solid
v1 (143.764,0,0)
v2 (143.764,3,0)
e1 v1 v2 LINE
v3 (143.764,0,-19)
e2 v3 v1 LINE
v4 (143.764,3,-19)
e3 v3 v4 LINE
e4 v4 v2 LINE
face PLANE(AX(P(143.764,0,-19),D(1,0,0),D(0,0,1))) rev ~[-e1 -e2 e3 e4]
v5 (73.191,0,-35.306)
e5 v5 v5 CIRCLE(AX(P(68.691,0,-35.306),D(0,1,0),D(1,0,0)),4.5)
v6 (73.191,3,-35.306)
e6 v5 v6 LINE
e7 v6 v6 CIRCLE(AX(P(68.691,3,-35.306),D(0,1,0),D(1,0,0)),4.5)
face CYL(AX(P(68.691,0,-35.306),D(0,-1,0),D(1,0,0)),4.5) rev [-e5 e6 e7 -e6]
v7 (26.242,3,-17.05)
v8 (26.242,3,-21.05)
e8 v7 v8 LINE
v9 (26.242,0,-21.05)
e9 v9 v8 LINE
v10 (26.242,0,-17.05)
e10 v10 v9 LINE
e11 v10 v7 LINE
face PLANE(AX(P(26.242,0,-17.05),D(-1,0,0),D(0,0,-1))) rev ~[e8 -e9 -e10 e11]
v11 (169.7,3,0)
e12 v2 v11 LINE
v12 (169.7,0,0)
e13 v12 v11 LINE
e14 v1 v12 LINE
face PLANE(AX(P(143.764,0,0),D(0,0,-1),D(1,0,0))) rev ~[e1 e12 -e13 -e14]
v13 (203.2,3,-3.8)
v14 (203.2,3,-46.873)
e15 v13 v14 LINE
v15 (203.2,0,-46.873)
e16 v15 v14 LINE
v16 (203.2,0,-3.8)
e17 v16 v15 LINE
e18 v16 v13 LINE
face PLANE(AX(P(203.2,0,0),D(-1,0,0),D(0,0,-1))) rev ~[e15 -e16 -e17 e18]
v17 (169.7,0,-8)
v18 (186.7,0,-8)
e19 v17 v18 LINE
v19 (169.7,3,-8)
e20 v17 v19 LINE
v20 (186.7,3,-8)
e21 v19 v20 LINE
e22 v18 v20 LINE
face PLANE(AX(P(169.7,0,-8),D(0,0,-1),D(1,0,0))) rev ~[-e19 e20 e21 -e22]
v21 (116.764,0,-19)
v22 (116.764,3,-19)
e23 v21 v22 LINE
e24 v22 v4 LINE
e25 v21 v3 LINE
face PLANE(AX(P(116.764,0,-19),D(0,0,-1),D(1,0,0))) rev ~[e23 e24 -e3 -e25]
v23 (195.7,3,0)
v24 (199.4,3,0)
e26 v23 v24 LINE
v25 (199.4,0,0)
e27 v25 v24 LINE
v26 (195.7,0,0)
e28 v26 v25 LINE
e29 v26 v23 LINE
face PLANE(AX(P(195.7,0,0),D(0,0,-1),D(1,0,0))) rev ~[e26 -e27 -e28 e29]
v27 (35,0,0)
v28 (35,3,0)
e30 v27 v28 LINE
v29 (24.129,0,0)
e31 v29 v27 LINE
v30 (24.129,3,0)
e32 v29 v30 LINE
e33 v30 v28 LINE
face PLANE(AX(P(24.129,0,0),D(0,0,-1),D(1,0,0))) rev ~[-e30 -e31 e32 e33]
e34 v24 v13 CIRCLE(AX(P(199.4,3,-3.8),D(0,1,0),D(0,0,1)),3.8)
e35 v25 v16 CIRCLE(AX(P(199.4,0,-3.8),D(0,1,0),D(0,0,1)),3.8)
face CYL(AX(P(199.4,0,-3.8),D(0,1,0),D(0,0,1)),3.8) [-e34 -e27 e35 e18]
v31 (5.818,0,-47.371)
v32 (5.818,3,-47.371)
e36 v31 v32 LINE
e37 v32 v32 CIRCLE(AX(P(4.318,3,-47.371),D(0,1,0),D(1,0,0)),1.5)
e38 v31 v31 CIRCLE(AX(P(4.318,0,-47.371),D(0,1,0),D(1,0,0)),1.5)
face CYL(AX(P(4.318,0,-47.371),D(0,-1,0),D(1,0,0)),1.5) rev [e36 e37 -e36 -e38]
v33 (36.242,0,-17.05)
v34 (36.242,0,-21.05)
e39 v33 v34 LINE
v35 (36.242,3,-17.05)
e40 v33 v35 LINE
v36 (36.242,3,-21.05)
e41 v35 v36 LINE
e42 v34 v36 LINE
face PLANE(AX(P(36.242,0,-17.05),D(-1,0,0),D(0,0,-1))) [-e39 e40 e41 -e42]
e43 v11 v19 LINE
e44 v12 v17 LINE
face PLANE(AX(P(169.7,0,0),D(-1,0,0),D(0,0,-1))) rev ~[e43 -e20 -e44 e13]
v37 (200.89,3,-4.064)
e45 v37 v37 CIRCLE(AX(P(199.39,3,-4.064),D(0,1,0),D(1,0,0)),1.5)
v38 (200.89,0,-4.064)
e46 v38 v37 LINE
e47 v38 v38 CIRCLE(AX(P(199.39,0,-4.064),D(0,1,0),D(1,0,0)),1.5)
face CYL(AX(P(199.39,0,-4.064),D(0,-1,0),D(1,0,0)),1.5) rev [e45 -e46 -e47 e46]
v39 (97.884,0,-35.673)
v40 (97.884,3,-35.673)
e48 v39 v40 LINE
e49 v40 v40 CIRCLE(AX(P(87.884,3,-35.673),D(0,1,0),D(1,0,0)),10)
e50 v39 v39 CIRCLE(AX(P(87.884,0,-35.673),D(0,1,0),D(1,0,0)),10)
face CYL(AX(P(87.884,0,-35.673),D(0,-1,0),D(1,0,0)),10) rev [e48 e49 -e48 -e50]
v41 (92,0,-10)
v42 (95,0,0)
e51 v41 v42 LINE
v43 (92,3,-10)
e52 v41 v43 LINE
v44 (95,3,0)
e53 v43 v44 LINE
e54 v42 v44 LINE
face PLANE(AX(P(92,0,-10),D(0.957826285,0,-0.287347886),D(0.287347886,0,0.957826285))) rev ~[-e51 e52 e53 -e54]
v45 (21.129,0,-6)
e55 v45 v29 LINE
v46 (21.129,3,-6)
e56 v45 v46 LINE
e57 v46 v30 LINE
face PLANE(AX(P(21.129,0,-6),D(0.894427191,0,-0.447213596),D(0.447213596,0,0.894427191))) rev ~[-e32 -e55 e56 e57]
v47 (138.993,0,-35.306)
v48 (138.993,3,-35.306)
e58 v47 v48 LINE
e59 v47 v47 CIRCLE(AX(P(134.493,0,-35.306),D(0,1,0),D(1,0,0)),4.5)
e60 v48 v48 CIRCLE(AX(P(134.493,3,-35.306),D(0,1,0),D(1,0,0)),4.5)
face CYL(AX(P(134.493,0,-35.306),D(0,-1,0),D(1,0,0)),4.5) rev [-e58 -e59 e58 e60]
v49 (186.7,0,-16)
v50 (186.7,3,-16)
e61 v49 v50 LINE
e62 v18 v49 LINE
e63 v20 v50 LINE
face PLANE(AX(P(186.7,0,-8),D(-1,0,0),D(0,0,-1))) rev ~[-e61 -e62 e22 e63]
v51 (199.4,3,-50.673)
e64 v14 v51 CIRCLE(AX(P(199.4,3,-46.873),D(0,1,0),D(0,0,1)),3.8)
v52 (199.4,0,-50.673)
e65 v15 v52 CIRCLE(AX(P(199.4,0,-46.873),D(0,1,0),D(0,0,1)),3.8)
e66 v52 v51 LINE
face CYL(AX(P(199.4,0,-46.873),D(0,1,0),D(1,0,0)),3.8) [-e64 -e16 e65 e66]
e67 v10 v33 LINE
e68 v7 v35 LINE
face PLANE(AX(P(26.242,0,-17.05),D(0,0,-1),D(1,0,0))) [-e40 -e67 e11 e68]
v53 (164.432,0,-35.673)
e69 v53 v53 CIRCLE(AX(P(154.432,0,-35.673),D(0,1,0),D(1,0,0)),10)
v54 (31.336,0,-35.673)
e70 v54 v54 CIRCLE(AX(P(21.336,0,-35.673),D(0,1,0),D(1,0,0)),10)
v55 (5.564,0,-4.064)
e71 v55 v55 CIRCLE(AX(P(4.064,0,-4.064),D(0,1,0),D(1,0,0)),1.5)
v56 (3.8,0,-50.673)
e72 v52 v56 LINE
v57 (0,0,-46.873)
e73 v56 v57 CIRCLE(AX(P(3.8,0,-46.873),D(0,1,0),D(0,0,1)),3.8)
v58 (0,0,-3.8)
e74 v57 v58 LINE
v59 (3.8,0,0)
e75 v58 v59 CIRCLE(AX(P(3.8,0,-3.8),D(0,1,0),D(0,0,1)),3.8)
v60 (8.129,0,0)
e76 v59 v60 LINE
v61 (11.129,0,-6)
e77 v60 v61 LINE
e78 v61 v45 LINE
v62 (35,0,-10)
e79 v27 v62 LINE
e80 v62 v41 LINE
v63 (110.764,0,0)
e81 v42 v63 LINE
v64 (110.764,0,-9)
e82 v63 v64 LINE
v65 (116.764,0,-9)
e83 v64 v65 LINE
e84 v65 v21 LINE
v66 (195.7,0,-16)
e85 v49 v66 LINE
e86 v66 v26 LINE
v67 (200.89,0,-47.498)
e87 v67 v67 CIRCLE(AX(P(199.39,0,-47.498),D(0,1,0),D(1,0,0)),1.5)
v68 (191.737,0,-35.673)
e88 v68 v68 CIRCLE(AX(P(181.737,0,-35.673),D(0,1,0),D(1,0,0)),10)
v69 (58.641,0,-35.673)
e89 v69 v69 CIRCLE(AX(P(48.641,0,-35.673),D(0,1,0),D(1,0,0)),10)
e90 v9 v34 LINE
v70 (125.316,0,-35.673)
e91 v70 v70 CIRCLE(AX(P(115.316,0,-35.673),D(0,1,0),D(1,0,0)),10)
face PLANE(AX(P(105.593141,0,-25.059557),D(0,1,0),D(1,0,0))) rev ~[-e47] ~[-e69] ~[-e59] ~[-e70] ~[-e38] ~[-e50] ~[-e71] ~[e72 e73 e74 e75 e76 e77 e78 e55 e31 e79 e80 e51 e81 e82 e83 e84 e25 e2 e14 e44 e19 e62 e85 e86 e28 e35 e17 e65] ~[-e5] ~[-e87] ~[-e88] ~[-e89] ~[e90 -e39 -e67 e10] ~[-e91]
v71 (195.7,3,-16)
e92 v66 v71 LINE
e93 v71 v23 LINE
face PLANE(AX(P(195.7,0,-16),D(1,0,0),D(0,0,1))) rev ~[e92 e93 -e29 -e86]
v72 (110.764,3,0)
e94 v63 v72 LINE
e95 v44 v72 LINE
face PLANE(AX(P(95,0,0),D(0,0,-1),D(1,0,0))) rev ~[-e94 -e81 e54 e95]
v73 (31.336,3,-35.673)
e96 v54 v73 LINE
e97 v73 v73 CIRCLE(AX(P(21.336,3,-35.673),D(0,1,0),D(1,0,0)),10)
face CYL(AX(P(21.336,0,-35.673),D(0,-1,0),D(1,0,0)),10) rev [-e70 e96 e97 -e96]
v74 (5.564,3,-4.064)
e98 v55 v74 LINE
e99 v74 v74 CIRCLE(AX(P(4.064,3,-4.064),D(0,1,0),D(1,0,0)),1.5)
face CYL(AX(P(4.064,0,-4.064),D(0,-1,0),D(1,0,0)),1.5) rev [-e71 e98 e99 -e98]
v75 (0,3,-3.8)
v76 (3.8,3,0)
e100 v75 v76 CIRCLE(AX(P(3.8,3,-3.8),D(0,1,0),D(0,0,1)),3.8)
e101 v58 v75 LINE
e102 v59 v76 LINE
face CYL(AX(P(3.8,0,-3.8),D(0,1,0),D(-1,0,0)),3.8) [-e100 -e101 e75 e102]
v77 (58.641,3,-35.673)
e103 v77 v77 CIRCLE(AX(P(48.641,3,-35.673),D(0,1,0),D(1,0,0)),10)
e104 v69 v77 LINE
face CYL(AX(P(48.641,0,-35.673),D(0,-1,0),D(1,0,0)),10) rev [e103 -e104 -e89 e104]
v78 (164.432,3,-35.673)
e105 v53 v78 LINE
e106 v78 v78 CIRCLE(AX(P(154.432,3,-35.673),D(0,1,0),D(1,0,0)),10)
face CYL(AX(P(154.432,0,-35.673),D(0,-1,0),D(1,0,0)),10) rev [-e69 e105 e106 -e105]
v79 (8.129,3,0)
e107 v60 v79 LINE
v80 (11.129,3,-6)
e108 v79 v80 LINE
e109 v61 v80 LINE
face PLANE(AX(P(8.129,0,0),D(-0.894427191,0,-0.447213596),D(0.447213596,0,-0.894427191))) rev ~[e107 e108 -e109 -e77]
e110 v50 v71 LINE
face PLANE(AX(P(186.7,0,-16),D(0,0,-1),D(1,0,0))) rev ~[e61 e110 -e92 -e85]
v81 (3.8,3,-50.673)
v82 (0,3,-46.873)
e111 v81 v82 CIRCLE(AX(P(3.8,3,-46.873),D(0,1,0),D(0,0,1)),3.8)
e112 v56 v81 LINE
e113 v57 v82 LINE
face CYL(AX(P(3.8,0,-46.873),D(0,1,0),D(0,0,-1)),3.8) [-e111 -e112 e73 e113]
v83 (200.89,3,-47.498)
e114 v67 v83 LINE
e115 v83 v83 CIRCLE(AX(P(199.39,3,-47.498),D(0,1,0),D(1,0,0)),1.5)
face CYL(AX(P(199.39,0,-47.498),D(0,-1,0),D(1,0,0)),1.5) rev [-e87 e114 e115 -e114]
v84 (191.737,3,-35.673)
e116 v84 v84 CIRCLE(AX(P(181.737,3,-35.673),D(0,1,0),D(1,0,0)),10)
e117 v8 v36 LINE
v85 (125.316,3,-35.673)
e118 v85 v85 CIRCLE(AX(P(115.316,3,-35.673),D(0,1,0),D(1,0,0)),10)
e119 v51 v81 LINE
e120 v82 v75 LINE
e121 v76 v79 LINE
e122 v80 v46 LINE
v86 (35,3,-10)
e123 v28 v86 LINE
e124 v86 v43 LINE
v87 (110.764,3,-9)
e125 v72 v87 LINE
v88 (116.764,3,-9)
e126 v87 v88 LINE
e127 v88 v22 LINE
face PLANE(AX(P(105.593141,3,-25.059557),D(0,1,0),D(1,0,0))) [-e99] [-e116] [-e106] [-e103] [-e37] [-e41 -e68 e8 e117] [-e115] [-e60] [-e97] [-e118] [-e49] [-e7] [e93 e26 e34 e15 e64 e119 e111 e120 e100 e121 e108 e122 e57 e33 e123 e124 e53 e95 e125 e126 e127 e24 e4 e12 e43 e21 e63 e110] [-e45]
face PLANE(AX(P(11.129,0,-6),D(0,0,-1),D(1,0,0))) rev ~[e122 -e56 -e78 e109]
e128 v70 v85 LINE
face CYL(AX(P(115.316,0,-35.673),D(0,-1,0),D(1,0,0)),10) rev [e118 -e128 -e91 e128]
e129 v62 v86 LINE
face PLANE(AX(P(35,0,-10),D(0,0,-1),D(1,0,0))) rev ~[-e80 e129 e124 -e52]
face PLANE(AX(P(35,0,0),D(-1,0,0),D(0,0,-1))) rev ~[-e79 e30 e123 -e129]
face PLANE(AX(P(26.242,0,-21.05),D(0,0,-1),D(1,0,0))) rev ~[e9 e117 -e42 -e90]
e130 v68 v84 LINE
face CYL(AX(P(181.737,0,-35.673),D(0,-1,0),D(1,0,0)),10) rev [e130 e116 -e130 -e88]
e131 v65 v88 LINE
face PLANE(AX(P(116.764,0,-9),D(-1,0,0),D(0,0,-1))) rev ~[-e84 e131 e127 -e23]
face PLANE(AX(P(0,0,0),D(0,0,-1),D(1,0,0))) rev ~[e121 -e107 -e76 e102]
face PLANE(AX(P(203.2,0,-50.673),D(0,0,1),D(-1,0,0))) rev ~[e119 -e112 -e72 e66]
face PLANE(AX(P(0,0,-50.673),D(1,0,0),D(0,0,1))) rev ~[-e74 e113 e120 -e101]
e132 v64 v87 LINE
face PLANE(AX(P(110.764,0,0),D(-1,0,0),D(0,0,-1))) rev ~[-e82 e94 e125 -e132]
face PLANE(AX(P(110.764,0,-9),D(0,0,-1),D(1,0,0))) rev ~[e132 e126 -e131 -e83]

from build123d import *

# Parameters (mm, degrees)
SKETCH_1_R      = 1.5
SKETCH_1_W      = 10
SKETCH_1_H      = 4
SKETCH_1_R_2    = 10
SKETCH_1_R_3    = 4.5
EXTRUDE_1_DEPTH = 3
FILLET_1_R      = 3.8


with BuildPart() as part:
    # 草图1 → 凸台-拉伸1 (new body)
    with BuildSketch(Plane(origin=(0, 0, 0), x_dir=(1, 0, 0), z_dir=(0, 1, 0))):
        Polygon((195.7, 16), (195.7, 0), (203.2, 0), (203.2, 50.673), (0, 50.673), (0, 0), (8.129, 0), (11.129, 6), (21.129, 6), (24.129, 0), (35, 0), (35, 10), (61.620357325, 10), (79.620357325, 10), (81, 10), (92, 10), (95, 0), (110.764, 0), (110.764, 9), (116.764, 9), (116.764, 19), (143.764, 19), (143.764, 0), (169.7, 0), (169.7, 8), (186.7, 8), (186.7, 16), align=None)
        with Locations((4.064, 4.064)):
            Circle(SKETCH_1_R, mode=Mode.SUBTRACT)
        with Locations((31.242, 19.05)):
            Rectangle(SKETCH_1_W, SKETCH_1_H, mode=Mode.SUBTRACT)
        with Locations((199.39, 4.064)):
            Circle(SKETCH_1_R, mode=Mode.SUBTRACT)
        with Locations((21.336, 35.673)):
            Circle(SKETCH_1_R_2, mode=Mode.SUBTRACT)
        with Locations((48.641, 35.673)):
            Circle(SKETCH_1_R_2, mode=Mode.SUBTRACT)
        with Locations((68.691, 35.306)):
            Circle(SKETCH_1_R_3, mode=Mode.SUBTRACT)
        with Locations((87.884, 35.673)):
            Circle(SKETCH_1_R_2, mode=Mode.SUBTRACT)
        with Locations((4.318, 47.371)):
            Circle(SKETCH_1_R, mode=Mode.SUBTRACT)
        with Locations((115.316, 35.673)):
            Circle(SKETCH_1_R_2, mode=Mode.SUBTRACT)
        with Locations((134.493, 35.306)):
            Circle(SKETCH_1_R_3, mode=Mode.SUBTRACT)
        with Locations((154.432, 35.673)):
            Circle(SKETCH_1_R_2, mode=Mode.SUBTRACT)
        with Locations((181.737, 35.673)):
            Circle(SKETCH_1_R_2, mode=Mode.SUBTRACT)
        with Locations((199.39, 47.498)):
            Circle(SKETCH_1_R, mode=Mode.SUBTRACT)
    extrude(amount=EXTRUDE_1_DEPTH)

    # 圆角1
    fillet_1_edges = [part.edges().sort_by_distance(p)[0] for p in [
        (0, 1.5, 0),
        (0, 1.5, -50.673),
        (203.2, 1.5, -50.673),
        (203.2, 1.5, 0),
    ]]
    fillet(fillet_1_edges, radius=FILLET_1_R)


solid = part.part
